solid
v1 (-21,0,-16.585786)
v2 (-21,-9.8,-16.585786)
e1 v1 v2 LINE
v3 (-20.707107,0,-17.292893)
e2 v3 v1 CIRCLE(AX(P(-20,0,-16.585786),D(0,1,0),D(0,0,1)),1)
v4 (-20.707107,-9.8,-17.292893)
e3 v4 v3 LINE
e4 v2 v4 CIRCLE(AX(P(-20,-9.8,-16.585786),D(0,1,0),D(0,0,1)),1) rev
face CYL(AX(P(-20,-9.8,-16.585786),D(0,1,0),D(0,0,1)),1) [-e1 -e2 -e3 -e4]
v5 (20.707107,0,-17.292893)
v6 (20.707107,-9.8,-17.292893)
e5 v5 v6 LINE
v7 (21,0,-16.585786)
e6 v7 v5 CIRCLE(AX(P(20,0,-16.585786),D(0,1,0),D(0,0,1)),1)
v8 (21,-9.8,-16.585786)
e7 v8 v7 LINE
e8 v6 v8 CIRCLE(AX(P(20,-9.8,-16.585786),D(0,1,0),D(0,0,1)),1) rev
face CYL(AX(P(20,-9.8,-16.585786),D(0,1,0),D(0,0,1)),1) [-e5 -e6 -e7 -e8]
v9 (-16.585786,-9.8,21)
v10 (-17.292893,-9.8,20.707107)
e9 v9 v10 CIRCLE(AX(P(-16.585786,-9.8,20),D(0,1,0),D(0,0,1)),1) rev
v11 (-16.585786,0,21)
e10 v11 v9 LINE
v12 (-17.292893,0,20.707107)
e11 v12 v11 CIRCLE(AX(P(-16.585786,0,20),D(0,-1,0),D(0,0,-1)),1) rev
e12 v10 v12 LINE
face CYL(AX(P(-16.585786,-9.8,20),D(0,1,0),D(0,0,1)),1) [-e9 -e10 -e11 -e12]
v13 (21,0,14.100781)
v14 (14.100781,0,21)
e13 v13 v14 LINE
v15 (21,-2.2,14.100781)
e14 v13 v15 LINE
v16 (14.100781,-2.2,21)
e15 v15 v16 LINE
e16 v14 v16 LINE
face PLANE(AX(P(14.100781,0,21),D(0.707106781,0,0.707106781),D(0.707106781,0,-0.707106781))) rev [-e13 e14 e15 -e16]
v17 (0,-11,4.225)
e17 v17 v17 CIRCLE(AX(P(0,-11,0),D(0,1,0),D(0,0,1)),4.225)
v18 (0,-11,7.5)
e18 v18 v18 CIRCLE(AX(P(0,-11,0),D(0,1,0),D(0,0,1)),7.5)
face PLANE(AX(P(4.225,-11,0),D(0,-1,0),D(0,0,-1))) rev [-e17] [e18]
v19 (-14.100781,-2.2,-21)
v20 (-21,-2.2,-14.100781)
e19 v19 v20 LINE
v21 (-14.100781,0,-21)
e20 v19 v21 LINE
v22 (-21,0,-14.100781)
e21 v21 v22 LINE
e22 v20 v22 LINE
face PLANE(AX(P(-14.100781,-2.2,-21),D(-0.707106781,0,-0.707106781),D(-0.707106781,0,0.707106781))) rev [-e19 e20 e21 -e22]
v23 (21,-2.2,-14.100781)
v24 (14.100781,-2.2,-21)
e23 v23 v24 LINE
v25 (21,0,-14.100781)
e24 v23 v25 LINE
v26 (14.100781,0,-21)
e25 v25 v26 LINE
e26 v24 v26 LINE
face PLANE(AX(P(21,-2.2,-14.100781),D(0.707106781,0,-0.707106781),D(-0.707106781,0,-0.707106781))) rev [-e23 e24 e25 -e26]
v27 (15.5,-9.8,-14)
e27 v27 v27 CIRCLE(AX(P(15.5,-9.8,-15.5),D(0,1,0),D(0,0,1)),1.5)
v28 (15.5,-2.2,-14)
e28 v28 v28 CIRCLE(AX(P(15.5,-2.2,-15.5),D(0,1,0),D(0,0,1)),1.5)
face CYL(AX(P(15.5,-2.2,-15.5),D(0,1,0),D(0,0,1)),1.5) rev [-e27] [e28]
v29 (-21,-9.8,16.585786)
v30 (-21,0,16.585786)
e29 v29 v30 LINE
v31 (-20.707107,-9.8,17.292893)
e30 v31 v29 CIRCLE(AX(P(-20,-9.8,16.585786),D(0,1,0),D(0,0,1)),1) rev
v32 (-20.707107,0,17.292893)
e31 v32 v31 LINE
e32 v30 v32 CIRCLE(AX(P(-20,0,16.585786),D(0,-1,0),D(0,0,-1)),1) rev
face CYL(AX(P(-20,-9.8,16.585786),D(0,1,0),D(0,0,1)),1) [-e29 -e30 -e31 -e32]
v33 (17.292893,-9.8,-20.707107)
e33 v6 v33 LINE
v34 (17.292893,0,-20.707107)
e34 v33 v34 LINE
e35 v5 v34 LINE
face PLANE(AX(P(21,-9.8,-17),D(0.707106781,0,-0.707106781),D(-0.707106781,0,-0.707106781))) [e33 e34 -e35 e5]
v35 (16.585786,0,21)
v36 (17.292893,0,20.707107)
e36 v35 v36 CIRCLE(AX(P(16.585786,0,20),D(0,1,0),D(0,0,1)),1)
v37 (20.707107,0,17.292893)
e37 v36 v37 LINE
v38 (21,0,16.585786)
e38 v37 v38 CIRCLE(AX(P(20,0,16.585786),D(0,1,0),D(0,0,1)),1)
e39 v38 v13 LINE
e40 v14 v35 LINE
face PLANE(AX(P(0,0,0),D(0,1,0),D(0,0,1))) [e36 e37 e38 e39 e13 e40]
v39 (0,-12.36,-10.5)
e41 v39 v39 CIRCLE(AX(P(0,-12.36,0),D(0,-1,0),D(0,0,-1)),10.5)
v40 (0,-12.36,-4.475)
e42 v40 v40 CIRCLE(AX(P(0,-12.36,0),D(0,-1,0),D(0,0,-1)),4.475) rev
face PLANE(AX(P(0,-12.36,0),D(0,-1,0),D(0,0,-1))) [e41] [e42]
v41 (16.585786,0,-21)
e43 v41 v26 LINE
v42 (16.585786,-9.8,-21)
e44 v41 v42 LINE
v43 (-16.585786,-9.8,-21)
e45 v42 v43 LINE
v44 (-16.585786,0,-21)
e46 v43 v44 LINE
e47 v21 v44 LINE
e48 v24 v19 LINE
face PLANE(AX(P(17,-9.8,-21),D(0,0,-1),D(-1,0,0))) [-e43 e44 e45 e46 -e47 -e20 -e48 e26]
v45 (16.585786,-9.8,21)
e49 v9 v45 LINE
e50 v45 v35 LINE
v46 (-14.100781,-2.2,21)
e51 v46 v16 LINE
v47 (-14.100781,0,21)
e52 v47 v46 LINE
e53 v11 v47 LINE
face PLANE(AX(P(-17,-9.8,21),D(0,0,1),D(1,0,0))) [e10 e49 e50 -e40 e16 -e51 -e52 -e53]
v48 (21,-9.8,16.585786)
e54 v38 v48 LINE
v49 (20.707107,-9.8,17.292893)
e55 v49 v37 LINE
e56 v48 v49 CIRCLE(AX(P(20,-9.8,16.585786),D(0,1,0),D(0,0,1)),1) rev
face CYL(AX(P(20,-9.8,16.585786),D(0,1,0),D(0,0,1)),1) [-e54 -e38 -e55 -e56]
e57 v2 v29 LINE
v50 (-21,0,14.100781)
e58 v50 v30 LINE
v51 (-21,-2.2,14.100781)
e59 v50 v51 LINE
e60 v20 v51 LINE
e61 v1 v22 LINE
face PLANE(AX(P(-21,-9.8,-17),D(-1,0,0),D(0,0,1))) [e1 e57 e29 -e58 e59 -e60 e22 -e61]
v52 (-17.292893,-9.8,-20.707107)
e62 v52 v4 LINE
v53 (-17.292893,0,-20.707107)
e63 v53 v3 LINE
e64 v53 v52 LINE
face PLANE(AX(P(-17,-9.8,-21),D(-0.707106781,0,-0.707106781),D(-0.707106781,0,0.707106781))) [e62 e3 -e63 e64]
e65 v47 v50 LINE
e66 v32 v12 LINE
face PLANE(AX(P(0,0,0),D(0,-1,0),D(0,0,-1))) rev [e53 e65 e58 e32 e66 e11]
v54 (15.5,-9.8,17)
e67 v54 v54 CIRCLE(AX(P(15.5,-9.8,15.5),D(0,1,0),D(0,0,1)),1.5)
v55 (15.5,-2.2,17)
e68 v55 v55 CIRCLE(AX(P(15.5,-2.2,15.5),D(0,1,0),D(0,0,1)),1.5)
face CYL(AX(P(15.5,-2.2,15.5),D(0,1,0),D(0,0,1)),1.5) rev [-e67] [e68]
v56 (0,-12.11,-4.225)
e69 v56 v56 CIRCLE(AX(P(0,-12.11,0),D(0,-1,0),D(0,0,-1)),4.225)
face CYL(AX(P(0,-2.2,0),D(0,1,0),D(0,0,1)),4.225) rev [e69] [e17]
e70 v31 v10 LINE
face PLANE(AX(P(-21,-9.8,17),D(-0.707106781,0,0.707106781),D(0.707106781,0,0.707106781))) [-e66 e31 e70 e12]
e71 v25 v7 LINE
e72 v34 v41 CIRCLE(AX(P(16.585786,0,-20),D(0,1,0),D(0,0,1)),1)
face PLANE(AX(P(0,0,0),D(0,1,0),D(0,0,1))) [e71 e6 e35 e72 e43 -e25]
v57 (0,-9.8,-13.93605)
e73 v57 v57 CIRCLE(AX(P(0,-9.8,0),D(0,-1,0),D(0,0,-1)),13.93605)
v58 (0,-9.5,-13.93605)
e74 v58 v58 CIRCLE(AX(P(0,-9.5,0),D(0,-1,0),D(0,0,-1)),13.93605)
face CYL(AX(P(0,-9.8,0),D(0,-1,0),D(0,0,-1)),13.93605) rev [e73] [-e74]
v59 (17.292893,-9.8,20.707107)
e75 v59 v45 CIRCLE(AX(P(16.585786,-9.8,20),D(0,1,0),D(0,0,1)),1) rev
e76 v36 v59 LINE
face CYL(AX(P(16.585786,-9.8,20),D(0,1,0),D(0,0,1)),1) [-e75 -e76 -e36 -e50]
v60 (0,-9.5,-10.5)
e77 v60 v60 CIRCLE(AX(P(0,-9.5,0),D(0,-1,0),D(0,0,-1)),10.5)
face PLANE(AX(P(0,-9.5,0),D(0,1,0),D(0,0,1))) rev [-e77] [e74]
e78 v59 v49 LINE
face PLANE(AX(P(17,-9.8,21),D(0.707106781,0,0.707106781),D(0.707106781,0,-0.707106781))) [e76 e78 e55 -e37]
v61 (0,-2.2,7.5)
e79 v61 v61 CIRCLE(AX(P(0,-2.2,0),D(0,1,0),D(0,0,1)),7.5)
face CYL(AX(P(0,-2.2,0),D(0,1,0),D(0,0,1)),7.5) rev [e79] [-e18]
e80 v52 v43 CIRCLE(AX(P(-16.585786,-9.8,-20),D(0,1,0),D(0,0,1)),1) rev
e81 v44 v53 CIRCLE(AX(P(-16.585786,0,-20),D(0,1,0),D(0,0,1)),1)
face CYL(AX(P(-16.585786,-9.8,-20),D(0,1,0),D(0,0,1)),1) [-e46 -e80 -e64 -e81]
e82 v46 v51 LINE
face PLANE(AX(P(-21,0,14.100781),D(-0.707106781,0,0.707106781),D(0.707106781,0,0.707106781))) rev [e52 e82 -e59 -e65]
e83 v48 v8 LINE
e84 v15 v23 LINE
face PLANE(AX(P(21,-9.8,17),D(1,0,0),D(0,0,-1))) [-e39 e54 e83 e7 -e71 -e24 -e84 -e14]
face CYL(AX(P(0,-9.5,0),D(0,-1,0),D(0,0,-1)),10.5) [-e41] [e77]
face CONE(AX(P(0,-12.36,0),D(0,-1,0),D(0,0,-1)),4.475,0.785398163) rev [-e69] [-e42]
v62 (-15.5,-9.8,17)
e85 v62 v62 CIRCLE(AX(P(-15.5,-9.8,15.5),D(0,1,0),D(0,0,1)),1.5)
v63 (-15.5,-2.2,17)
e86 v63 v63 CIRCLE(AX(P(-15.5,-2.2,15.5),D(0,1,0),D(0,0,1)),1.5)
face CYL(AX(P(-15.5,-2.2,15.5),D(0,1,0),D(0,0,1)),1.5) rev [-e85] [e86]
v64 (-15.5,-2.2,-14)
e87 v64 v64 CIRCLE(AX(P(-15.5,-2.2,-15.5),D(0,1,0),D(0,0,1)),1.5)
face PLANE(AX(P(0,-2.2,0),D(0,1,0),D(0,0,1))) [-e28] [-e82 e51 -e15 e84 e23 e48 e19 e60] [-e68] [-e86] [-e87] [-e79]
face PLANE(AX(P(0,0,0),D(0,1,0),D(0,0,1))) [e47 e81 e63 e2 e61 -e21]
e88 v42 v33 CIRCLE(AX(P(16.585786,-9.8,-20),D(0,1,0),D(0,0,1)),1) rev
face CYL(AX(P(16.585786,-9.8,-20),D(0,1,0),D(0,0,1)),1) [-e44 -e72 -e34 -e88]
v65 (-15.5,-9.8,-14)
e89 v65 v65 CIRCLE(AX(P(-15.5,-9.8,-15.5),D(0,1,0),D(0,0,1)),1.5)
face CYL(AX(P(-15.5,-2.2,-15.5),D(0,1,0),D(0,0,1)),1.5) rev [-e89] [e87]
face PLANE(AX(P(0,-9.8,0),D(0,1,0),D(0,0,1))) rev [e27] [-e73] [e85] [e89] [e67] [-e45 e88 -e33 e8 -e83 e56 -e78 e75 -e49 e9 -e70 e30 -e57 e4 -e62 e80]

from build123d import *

# Parameters (mm, degrees)
SALIENTE_EXTRUIR1_DEPTH                              = 9.8
CORTAR_EXTRUIR1_DEPTH                                = 2.2
SALIENTE_EXTRUIR2_DEPTH                              = 2.2
SALIENTE_EXTRUIR3_DEPTH                              = 2.2
TALADRO_DE_MARGEN_PARA_M241_D                        = 27.8721
TALADRO_DE_MARGEN_PARA_M241_DEPTH                    = 0.3
CROQUIS7_W                                           = 10.5
CROQUIS7_H                                           = 2.86
REFRENTADO_PARA_PERNO_CON_CABEZA_HEXAGON_D           = 8.45
REFRENTADO_PARA_PERNO_CON_CABEZA_HEXAGON_CBORE_D     = 15
REFRENTADO_PARA_PERNO_CON_CABEZA_HEXAGON_CBORE_DEPTH = 8.8
DI_METRO_DE_TALADRO_3_0_3_1_D                        = 3
DI_METRO_DE_TALADRO_3_0_3_1_DEPTH                    = 10.16
CHAFL_N1_SIZE                                        = 0.25
REDONDEO1_R                                          = 1


with BuildPart() as part:
    # Croquis1 → Saliente-Extruir1 (new body)
    with BuildSketch(Plane(origin=(0, 0, 0), x_dir=(1, 0, 0), z_dir=(0, 1, 0))):
        Polygon((-21, 17), (-21, -17), (-17, -21), (17, -21), (21, -17), (21, 17), (17, 21), (-17, 21), align=None)
    extrude(amount=-SALIENTE_EXTRUIR1_DEPTH)

    # Croquis2 → Cortar-Extruir1 (cut)
    with BuildSketch(Plane(origin=(0, 0, 0), x_dir=(-1, 0, 0), z_dir=(0, 1, 0))):
        Polygon((-14.100780618, -21), (14.100780618, -21), (21, -14.100780618), (21, 17), (17, 21), (-17, 21), (-21, 17), (-21, -14.100780618), align=None)
    extrude(amount=-CORTAR_EXTRUIR1_DEPTH, mode=Mode.SUBTRACT)

    # Croquis3 → Saliente-Extruir2 (add)
    with BuildSketch(Plane(origin=(0, -2.2, 0), x_dir=(-1, 0, 0), z_dir=(0, 1, 0))):
        Polygon((-14.100780618, 21), (-21, 14.100780618), (-21, 17), (-17, 21), align=None)
    extrude(amount=SALIENTE_EXTRUIR2_DEPTH)

    # Croquis4 → Saliente-Extruir3 (add)
    with BuildSketch(Plane(origin=(0, -2.2, 0), x_dir=(-1, 0, 0), z_dir=(0, 1, 0))):
        Polygon((17, 21), (21, 17), (21, 14.100780618), (14.100780618, 21), align=None)
    extrude(amount=SALIENTE_EXTRUIR3_DEPTH)

    # Taladro de margen para M241
    with Locations(Plane(origin=(0, -9.8, 0), x_dir=(-1, 0, 0), z_dir=(0, -1, 0))):
        with Locations((0, 0)):
            Hole(TALADRO_DE_MARGEN_PARA_M241_D / 2, depth=TALADRO_DE_MARGEN_PARA_M241_DEPTH)

    # Croquis7 → Revolución1 (revolve)
    with BuildSketch(Plane.XY, mode=Mode.PRIVATE) as revoluci_n1_sk:
        with Locations((5.25, -10.93)):
            Rectangle(CROQUIS7_W, CROQUIS7_H)
    revolve(revoluci_n1_sk.sketch.rotate(Axis((0, -9.5, 0), (0, -1, 0)), 270), axis=Axis((0, -9.5, 0), (0, -1, 0)))

    # Refrentado para perno con cabeza hexagonal de M81 (through all)
    with Locations(Plane(origin=(0, -2.2, 0), x_dir=(1, 0, 0), z_dir=(0, 1, 0))):
        with Locations((0, 0)):
            CounterBoreHole(REFRENTADO_PARA_PERNO_CON_CABEZA_HEXAGON_D / 2, REFRENTADO_PARA_PERNO_CON_CABEZA_HEXAGON_CBORE_D / 2, REFRENTADO_PARA_PERNO_CON_CABEZA_HEXAGON_CBORE_DEPTH)

    # Diámetro de taladro Ø3.0 (3)1
    with Locations(Plane(origin=(0, -2.2, 0), x_dir=(1, 0, 0), z_dir=(0, 1, 0))):
        with Locations((15.5, -15.5), (15.5, 15.5), (-15.5, -15.5), (-15.5, 15.5)):
            Hole(DI_METRO_DE_TALADRO_3_0_3_1_D / 2, depth=DI_METRO_DE_TALADRO_3_0_3_1_DEPTH)

    # Chaflán1
    chafl_n1_edges = [part.edges().sort_by_distance(p)[0] for p in [
        (4.225, -12.36, 0),
    ]]
    chamfer(chafl_n1_edges, length=CHAFL_N1_SIZE)

    # Redondeo1
    redondeo1_edges = [part.edges().sort_by_distance(p)[0] for p in [
        (-17, -4.9, -21),
        (17, -4.9, -21),
        (21, -4.9, -17),
        (21, -4.9, 17),
        (17, -4.9, 21),
        (-17, -4.9, 21),
        (-21, -4.9, 17),
        (-21, -4.9, -17),
    ]]
    fillet(redondeo1_edges, radius=REDONDEO1_R)


solid = part.part
